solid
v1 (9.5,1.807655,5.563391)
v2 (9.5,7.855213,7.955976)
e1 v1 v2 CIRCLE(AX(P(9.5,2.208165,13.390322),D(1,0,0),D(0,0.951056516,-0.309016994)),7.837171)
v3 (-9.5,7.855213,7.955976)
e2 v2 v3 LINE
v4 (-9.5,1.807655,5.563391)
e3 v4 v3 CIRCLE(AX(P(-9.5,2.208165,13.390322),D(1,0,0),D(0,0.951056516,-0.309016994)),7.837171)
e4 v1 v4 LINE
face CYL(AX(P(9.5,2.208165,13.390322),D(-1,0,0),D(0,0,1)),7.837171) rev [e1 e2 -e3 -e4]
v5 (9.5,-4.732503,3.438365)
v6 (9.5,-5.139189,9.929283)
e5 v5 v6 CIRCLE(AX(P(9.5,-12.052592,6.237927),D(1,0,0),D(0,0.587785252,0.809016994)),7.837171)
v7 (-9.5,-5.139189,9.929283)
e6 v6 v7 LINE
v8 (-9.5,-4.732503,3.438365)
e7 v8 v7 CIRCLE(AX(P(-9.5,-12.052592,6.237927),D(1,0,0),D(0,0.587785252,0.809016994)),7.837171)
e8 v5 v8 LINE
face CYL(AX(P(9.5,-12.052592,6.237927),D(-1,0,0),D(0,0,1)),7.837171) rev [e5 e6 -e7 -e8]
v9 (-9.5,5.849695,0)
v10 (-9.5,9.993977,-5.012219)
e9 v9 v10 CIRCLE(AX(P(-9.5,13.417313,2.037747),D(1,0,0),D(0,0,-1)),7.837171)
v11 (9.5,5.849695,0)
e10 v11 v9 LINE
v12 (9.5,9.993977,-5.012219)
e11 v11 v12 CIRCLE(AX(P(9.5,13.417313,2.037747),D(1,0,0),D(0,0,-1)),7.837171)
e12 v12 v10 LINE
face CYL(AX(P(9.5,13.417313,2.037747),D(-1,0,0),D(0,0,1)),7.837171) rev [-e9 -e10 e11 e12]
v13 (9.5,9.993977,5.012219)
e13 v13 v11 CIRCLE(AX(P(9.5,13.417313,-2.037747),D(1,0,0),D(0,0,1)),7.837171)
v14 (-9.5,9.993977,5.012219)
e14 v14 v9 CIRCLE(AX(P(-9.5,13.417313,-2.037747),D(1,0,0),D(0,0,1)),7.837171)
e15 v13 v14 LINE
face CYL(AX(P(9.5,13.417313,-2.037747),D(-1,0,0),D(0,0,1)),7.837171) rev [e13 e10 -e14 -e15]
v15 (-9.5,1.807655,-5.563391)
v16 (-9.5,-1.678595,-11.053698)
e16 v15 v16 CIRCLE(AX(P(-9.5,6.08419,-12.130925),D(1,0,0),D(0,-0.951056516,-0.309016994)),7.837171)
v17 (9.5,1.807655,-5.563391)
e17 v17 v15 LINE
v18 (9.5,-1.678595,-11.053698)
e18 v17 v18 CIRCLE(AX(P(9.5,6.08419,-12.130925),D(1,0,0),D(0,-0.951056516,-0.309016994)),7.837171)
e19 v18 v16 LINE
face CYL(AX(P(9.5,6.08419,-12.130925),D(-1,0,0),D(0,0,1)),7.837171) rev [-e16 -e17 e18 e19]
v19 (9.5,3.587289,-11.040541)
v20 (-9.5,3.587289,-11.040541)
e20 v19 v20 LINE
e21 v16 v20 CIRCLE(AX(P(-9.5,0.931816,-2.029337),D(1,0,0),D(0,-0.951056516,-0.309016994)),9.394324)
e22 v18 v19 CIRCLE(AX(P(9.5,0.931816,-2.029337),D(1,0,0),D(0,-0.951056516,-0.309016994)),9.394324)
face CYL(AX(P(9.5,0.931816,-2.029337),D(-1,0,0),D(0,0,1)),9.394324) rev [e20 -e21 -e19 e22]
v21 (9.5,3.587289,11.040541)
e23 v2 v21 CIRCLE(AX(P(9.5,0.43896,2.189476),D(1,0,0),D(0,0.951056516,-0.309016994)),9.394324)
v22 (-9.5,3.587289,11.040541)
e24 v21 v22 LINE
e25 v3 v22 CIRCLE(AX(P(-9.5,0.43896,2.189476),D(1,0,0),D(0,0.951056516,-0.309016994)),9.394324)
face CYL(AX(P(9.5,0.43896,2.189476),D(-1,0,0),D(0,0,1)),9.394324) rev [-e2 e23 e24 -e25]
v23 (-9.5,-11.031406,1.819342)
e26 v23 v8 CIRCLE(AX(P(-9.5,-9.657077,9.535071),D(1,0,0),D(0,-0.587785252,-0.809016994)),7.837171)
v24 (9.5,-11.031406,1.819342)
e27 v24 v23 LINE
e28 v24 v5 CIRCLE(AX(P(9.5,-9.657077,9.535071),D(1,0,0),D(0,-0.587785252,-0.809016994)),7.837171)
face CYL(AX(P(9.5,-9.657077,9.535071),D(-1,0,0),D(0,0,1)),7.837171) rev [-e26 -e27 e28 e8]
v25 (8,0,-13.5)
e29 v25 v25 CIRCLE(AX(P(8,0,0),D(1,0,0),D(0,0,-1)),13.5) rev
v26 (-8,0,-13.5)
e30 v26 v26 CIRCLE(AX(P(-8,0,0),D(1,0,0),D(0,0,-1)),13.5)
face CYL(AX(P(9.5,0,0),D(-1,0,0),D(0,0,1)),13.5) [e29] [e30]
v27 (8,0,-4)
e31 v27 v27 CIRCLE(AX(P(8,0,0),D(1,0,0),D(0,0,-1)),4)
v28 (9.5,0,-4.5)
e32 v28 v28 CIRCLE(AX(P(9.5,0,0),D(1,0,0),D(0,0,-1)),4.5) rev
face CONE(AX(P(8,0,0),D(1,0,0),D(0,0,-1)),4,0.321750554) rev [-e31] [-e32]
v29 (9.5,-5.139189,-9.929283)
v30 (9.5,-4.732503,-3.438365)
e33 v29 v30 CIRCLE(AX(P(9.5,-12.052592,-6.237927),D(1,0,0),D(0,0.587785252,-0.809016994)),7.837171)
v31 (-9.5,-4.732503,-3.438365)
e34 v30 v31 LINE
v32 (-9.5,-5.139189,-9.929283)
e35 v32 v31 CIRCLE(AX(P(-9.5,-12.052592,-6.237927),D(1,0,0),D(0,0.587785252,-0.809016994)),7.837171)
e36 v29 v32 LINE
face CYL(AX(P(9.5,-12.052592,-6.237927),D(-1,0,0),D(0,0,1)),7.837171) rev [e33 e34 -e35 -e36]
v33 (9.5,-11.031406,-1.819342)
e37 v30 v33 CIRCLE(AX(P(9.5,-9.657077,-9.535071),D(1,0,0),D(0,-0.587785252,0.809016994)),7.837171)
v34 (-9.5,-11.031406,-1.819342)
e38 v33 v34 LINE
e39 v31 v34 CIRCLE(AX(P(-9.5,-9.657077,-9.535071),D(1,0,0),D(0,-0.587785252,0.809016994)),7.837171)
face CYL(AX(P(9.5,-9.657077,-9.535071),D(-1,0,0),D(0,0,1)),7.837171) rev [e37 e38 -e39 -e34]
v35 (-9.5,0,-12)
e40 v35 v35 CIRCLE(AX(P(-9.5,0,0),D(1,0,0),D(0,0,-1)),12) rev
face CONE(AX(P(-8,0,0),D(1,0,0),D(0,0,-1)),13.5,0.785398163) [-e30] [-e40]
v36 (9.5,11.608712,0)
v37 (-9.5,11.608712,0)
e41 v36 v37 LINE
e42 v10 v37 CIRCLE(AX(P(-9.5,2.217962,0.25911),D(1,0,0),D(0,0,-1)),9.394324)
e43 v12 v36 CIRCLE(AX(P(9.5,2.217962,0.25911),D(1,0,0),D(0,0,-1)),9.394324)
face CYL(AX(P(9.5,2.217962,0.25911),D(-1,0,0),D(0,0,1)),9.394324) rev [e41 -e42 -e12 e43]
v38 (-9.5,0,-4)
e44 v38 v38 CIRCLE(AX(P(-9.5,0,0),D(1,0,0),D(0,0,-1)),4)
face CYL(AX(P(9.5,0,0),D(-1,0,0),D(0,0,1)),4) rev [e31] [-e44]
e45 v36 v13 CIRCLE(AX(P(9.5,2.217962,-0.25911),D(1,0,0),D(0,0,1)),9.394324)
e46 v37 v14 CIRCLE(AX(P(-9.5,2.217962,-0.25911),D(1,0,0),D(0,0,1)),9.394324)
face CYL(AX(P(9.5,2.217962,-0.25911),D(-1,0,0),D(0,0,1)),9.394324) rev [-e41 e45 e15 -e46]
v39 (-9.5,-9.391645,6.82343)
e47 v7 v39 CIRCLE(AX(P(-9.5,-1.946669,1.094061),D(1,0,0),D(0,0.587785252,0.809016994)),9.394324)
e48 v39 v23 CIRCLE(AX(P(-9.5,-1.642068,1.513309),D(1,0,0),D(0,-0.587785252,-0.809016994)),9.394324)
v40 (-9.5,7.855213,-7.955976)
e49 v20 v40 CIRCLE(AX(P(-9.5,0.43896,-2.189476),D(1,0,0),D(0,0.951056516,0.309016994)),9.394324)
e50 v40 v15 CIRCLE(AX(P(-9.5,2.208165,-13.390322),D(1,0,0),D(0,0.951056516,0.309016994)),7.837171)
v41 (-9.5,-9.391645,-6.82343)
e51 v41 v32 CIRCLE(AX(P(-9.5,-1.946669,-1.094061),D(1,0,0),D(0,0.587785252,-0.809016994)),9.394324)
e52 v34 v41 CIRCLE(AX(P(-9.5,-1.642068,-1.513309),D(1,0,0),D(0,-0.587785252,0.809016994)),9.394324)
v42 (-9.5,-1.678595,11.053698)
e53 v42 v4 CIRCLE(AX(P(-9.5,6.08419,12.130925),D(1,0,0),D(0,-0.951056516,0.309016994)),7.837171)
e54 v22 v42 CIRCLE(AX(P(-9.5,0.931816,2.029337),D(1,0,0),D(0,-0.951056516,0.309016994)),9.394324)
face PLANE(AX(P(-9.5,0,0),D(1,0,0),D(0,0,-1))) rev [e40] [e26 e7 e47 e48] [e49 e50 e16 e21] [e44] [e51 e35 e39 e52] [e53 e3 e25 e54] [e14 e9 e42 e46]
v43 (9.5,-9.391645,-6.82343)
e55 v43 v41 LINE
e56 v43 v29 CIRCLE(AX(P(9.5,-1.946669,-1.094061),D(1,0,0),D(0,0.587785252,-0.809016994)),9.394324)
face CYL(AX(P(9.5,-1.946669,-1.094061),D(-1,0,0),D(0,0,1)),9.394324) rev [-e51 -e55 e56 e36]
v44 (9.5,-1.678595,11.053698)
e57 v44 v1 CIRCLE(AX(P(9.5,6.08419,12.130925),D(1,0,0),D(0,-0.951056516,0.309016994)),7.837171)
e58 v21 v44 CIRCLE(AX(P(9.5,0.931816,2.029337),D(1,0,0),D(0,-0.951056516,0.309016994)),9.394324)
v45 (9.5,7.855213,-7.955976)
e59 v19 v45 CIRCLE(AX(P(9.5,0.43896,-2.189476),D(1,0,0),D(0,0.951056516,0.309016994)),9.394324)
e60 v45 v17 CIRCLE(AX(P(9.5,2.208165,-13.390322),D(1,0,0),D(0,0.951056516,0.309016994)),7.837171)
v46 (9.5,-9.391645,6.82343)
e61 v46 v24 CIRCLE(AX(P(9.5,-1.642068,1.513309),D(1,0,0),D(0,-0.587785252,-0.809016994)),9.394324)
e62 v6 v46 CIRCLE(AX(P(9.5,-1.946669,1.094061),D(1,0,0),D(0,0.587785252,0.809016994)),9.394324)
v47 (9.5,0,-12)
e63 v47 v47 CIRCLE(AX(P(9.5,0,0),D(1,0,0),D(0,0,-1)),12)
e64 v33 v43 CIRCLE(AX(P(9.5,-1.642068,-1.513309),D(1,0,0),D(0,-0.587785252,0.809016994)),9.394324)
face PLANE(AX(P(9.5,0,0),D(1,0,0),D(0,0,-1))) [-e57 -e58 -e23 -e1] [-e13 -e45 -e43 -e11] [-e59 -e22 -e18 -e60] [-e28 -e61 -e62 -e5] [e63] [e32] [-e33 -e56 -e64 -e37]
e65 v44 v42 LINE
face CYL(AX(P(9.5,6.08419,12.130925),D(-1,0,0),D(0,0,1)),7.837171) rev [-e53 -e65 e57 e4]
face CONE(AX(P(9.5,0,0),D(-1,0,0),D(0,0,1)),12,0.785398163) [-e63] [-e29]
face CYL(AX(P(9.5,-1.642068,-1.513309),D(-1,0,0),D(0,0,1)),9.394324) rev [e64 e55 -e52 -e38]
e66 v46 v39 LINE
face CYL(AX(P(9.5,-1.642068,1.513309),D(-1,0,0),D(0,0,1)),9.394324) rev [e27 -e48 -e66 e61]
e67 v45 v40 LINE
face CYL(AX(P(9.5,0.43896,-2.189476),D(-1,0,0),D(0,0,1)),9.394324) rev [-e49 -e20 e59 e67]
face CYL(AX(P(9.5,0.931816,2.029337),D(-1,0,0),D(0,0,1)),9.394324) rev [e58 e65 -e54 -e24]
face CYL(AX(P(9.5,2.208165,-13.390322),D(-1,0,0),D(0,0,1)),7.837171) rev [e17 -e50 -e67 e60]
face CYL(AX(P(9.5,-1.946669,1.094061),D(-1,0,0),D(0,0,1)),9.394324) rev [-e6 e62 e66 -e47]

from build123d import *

# Parameters (mm, degrees)
SKETCH1_R           = 13.5
SKETCH1_R_2         = 4
BOSS_EXTRUDE1_DEPTH = 9.5
CUT_EXTRUDE1_DEPTH  = 22.324868112
CIRPATTERN1_COUNT   = 5
CHAMFER1_SIZE       = 1.5
CHAMFER2_SIZE       = 0.5
CHAMFER2_SIZE2      = 1.5


with BuildPart() as part:
    # Sketch1 → Boss-Extrude1 (new, symmetric)
    with BuildSketch(Plane(origin=(0, 0, 0), x_dir=(0, 0, -1), z_dir=(1, 0, 0))):
        Circle(SKETCH1_R)
        Circle(SKETCH1_R_2, mode=Mode.SUBTRACT)
    extrude(amount=BOSS_EXTRUDE1_DEPTH, both=True)

    # Sketch2 → Cut-Extrude1 (cut, symmetric)
    with BuildSketch(Plane(origin=(0, 0, 0), x_dir=(0, 0, -1), z_dir=(1, 0, 0))):
        with BuildLine():
            ThreePointArc((0, 5.849695328), (-2.956289657, 7.377375059), (-5.012219469, 9.99397715))
            ThreePointArc((-5.012219469, 9.99397715), (-2.621563936, 11.159720287), (0, 11.6087119))
            ThreePointArc((0, 11.6087119), (2.621563936, 11.159720287), (5.012219469, 9.99397715))
            ThreePointArc((5.012219469, 9.99397715), (2.956289657, 7.377375059), (0, 5.849695328))
        make_face()
    cut_extrude1 = extrude(amount=CUT_EXTRUDE1_DEPTH, both=True, mode=Mode.SUBTRACT)

    # CirPattern1: Cut-Extrude1 ×5 about axis
    cirpattern1_axis = Axis((0, 0, 0), (1, 0, 0))
    for i in range(1, CIRPATTERN1_COUNT):
        add(cut_extrude1.rotate(cirpattern1_axis, i * 360 / CIRPATTERN1_COUNT), mode=Mode.SUBTRACT)

    # Chamfer1
    chamfer1_edges = [part.edges().sort_by_distance(p)[0] for p in [
        (-9.5, 0, 13.5),
        (9.5, 0, 13.5),
    ]]
    chamfer(chamfer1_edges, length=CHAMFER1_SIZE)

    # Chamfer2
    chamfer2_edges = [part.edges().sort_by_distance(p)[0] for p in [
        (9.5, 0, 4),
    ]]
    chamfer2_side = [part.faces().sort_by_distance(p)[0] for p in [
        (9.5, 0, 11.660588745),
    ]]
    chamfer(chamfer2_edges, length=CHAMFER2_SIZE, length2=CHAMFER2_SIZE2, reference=chamfer2_side[0])


solid = part.part
